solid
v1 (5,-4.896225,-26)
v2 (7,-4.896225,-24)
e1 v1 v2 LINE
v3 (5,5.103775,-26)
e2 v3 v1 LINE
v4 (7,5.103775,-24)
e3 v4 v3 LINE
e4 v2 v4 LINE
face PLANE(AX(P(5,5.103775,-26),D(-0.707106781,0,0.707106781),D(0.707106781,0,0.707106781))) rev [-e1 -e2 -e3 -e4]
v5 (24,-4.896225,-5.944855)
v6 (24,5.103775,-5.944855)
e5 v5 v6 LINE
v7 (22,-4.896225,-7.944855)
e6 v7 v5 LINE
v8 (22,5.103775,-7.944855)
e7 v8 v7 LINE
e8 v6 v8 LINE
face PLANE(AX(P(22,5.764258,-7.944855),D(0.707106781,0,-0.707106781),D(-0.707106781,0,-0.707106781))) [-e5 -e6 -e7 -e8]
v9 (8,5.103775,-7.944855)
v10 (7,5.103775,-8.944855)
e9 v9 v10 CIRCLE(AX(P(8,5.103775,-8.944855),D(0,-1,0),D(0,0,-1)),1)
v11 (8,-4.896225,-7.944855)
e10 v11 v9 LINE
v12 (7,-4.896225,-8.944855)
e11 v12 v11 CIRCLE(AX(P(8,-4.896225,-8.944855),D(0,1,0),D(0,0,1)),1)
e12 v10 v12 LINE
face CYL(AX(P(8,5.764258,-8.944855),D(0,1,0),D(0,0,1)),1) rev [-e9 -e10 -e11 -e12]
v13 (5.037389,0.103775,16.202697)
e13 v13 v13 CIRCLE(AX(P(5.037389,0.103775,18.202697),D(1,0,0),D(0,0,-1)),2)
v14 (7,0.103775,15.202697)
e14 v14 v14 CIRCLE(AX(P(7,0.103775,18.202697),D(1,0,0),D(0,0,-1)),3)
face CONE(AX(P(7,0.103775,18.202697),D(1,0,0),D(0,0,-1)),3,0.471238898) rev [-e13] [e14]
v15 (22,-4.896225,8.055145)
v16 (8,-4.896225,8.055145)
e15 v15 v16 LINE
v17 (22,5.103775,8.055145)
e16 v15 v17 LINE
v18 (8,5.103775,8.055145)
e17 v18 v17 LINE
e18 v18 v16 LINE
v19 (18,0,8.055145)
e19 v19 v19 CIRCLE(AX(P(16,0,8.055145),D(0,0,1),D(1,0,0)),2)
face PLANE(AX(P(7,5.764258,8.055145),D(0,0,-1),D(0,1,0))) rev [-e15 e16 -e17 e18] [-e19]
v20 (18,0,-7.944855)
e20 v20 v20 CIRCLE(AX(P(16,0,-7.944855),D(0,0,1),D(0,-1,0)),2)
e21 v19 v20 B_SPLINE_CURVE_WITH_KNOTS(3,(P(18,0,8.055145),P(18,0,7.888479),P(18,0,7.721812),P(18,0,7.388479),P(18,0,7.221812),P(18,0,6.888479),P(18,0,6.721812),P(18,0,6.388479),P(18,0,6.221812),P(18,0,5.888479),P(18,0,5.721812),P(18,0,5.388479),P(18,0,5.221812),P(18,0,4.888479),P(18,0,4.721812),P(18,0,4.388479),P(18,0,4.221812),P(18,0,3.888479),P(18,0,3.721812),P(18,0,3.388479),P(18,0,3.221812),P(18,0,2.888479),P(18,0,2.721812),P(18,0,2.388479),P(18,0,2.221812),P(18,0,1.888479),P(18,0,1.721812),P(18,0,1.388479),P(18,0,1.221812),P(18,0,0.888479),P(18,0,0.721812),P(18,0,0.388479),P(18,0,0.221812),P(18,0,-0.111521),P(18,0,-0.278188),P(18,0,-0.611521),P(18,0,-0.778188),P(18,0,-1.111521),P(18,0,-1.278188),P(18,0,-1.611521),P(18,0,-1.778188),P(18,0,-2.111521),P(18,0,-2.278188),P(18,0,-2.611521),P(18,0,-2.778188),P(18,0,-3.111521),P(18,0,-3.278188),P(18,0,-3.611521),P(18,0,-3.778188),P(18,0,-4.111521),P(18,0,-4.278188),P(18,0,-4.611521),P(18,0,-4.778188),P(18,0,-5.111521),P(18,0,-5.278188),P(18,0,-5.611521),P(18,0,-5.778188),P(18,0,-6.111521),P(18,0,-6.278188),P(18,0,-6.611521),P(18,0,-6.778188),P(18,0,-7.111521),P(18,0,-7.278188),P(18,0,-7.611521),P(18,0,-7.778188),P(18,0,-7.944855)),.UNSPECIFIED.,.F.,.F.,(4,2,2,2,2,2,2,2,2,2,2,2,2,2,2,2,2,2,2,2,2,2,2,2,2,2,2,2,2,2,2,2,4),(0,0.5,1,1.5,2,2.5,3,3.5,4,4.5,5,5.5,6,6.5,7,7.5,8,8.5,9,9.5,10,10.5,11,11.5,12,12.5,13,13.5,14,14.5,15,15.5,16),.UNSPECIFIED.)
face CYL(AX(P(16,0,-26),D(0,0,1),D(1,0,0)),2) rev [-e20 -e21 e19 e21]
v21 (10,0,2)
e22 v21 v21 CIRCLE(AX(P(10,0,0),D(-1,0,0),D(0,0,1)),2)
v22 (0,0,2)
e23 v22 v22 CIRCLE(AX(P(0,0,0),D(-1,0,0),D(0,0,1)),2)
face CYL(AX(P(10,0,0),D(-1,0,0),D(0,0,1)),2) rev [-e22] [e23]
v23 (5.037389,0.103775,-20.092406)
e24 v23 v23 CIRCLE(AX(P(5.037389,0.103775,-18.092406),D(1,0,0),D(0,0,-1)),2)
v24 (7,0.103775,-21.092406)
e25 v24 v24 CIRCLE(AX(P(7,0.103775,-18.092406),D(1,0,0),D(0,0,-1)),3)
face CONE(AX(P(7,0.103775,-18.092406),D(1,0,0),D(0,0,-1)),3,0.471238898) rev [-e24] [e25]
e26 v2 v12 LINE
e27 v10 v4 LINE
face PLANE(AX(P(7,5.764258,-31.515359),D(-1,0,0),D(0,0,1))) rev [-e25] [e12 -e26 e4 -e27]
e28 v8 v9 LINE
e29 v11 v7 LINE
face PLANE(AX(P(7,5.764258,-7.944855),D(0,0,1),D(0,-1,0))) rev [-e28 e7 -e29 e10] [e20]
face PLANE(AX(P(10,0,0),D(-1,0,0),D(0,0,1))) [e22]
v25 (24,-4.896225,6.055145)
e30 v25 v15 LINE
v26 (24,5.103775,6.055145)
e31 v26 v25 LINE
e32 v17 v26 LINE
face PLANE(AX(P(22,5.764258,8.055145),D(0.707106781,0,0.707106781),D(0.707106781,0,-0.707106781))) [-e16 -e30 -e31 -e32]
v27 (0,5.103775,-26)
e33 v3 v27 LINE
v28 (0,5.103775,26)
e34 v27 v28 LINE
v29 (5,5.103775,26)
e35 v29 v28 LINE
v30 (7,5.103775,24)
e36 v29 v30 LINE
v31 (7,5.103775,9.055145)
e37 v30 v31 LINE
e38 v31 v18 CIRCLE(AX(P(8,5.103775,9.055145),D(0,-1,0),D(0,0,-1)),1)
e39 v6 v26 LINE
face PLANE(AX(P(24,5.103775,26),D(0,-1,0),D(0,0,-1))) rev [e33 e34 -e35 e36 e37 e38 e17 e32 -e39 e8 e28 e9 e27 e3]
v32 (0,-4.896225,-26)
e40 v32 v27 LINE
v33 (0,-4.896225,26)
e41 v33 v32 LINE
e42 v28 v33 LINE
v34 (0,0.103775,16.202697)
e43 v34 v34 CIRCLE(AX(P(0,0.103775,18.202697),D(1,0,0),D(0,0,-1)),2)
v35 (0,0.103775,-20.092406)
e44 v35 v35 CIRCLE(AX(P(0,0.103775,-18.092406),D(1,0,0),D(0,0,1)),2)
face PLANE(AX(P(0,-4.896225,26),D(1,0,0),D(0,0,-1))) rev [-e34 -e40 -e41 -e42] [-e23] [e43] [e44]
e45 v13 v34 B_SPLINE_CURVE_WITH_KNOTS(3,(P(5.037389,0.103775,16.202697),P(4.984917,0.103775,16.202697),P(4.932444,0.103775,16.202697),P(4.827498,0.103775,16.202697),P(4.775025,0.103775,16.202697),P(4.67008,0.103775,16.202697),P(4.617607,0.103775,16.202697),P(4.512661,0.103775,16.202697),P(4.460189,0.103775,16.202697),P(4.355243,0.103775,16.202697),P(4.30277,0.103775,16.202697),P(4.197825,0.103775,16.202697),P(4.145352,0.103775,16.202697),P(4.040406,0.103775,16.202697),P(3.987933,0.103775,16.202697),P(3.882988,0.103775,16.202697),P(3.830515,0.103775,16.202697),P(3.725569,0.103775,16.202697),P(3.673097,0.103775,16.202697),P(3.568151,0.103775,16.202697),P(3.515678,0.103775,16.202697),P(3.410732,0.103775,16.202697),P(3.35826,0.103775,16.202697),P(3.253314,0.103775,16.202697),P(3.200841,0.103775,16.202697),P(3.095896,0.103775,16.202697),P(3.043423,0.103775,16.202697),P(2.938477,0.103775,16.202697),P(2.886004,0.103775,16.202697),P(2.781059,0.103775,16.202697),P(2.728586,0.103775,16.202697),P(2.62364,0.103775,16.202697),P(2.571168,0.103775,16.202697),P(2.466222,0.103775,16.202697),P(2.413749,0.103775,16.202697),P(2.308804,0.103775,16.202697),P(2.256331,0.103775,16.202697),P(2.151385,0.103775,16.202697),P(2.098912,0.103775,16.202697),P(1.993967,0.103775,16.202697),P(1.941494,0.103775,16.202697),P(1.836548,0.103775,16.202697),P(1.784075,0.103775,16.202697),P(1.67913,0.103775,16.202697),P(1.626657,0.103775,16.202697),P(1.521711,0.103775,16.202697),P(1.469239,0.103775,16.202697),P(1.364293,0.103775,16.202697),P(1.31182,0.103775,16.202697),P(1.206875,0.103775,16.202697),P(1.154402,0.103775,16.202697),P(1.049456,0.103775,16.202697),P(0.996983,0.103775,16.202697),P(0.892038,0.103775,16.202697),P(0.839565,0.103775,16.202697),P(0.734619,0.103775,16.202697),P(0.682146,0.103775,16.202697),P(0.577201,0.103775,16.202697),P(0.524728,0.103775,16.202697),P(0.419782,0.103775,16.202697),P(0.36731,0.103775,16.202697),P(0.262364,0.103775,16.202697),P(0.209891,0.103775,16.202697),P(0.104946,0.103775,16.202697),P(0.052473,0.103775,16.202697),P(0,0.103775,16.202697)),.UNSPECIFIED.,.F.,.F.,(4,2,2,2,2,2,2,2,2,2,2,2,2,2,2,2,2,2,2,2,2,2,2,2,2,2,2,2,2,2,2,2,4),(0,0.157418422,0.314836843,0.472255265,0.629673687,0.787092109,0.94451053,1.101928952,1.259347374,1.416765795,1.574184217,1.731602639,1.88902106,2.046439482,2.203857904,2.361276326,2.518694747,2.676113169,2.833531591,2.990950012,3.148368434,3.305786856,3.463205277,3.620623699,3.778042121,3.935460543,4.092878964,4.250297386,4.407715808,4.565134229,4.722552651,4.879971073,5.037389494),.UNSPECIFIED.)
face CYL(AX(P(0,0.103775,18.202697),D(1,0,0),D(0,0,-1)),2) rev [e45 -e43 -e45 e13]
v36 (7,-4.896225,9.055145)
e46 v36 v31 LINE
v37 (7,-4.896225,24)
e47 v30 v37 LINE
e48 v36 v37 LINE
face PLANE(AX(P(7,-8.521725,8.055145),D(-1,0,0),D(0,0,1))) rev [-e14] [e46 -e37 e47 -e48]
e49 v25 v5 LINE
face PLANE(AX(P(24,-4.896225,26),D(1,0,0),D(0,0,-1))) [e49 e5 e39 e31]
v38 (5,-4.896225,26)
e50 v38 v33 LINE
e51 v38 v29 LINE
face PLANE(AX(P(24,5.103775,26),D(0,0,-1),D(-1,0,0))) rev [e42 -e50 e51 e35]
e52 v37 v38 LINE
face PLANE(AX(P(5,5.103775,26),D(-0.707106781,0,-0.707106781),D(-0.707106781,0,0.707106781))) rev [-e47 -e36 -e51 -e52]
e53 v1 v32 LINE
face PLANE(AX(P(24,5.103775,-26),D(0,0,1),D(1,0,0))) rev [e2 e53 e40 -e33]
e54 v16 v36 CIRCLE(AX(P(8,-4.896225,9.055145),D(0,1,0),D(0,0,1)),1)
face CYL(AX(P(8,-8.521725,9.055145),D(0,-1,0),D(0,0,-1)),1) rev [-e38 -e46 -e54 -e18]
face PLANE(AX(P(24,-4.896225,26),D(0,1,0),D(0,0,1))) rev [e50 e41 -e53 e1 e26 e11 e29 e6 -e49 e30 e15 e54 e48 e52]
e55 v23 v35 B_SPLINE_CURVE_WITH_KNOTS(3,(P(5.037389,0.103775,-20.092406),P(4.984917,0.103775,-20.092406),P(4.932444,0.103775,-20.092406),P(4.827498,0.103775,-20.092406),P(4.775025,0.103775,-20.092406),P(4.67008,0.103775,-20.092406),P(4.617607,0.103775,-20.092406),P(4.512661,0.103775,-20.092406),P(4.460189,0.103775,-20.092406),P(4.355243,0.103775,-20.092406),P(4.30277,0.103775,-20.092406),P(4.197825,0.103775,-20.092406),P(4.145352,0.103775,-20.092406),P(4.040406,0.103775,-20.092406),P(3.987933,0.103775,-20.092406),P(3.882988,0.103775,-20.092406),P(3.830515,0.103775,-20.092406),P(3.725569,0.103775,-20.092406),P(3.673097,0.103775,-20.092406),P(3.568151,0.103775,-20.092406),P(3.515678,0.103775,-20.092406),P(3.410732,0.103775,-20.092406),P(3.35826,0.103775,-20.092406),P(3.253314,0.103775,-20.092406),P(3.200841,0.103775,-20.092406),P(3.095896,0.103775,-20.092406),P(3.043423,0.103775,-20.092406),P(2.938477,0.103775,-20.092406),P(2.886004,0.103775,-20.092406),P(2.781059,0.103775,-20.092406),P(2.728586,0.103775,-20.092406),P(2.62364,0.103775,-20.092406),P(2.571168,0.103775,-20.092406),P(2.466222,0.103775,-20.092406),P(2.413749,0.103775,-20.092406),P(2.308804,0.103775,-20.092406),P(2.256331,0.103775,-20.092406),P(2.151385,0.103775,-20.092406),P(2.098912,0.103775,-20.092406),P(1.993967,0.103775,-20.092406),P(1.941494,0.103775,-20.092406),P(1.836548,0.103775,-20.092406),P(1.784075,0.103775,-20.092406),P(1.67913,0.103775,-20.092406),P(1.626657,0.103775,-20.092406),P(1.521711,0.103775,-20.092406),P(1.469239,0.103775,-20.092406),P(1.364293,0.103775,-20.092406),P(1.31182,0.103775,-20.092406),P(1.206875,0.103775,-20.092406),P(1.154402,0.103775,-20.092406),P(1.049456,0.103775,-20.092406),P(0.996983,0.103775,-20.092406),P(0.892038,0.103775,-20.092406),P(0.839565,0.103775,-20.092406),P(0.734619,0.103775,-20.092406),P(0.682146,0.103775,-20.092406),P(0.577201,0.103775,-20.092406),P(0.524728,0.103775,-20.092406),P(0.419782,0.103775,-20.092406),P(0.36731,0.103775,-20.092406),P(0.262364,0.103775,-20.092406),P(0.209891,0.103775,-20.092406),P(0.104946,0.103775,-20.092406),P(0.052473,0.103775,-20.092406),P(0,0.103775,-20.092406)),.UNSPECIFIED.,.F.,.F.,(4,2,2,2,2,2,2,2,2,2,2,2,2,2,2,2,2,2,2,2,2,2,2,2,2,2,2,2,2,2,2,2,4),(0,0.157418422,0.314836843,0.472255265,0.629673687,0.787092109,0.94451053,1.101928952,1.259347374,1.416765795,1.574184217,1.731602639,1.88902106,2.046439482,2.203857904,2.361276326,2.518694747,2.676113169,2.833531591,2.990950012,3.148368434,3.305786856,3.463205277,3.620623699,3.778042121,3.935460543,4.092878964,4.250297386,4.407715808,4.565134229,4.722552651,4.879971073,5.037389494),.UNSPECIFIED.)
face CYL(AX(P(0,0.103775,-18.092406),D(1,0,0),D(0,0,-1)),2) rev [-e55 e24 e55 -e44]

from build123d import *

# Parameters (mm, degrees)
SKETCH_1_W                    = 52
SKETCH_1_H                    = 10
EXTRUDE_1_DEPTH               = 24
SKETCH_2_W                    = 23.570504403
SKETCH_2_H                    = 14.285983016
SKETCH_2_W_2                  = 23.570504402
CUT_EXTRUDE_1_DEPTH           = 17
FILLET_1_R                    = 1
CHAMFER_1_SIZE                = 2
SKETCH_3_R                    = 2
CUT_EXTRUDE_2_DEPTH           = 32.480923073
SKETCH_4_R                    = 2
CUT_EXTRUDE_3_DEPTH           = 42.973818432
SKETCH_5_R                    = 3
CUT_EXTRUDE_4_DEPTH           = 2
CUT_EXTRUDE_4_DRAFT           = -27
CUT_EXTRUDE_4_PROFILE_2_DEPTH = 2
CUT_EXTRUDE_4_PROFILE_2_DRAFT = -27
SKETCH_6_R                    = 2
CUT_EXTRUDE_2_2_DEPTH         = 10


with BuildPart() as part:
    # Эскиз1 → Вытянуть1 (new body)
    with BuildSketch(Plane(origin=(0, 0, 0), x_dir=(0, 0, -1), z_dir=(1, 0, 0))):
        with Locations((0, 0.103774831)):
            Rectangle(SKETCH_1_W, SKETCH_1_H)
    extrude(amount=EXTRUDE_1_DEPTH)

    # Эскиз2 → Вырез-Вытянуть1 (cut)
    with BuildSketch(Plane(origin=(24, 0, 0), x_dir=(0, 0, -1), z_dir=(1, 0, 0))):
        with Locations((-19.840397425, -1.378733322)):
            Rectangle(SKETCH_2_W, SKETCH_2_H)
        with Locations((19.730106978, -1.378733322)):
            Rectangle(SKETCH_2_W_2, SKETCH_2_H)
    extrude(amount=-CUT_EXTRUDE_1_DEPTH, mode=Mode.SUBTRACT)

    # Скругление1
    fillet_1_edges = [part.edges().sort_by_distance(p)[0] for p in [
        (7, 0.103774831, 8.055145223),
        (7, 0.103774831, -7.944854777),
    ]]
    fillet(fillet_1_edges, radius=FILLET_1_R)

    # Фаска1
    chamfer_1_edges = [part.edges().sort_by_distance(p)[0] for p in [
        (24, 0.103774831, 8.055145223),
        (7, 0.103774831, 26),
        (24, 0.103774831, -7.944854777),
        (7, 0.103774831, -26),
    ]]
    chamfer(chamfer_1_edges, length=CHAMFER_1_SIZE)

    # Эскиз3 → Cut-Extrude 2 (cut, through all)
    with BuildSketch(Plane(origin=(7, 0, 0), x_dir=(0, 0, -1), z_dir=(1, 0, 0))):
        with Locations((-18.202696524, 0.103774831)):
            Circle(SKETCH_3_R)
        with Locations((18.092406077, 0.103774831)):
            Circle(SKETCH_3_R)
    extrude(amount=-CUT_EXTRUDE_2_DEPTH, mode=Mode.SUBTRACT)

    # Эскиз4 → Вырез-Вытянуть3 (cut, through all)
    with BuildSketch(Plane.XY.offset(8.055145223)):
        with Locations((16, 0)):
            Circle(SKETCH_4_R)
    extrude(amount=-CUT_EXTRUDE_3_DEPTH, mode=Mode.SUBTRACT)


with BuildPart() as cut_extrude_4_tool:
    # Эскиз5 → Вырез-Вытянуть4 (with draft: the straight prism first)
    with BuildSketch(Plane(origin=(7, 0, 0), x_dir=(0, 0, -1), z_dir=(1, 0, 0))):
        with Locations((-18.202696524, 0.103774831)):
            Circle(SKETCH_5_R)
    extrude(amount=-CUT_EXTRUDE_4_DEPTH)
    # Вырез-Вытянуть4: the draft: its side faces are tilted about the plane it starts from
    cut_extrude_4_sides = [cut_extrude_4_tool.faces().sort_by_distance(p)[0] for p in [
        (6, 0.103774831, 21.202696524),
    ]]
    draft(cut_extrude_4_sides, Plane(origin=(7, 0, 0), x_dir=(0, 0, -1), z_dir=(1, 0, 0)), CUT_EXTRUDE_4_DRAFT)


with BuildPart() as part_1:
    add(part.part)

    # Вырез-Вытянуть4: cut by cut_extrude_4_tool
    add(cut_extrude_4_tool.part, mode=Mode.SUBTRACT)


with BuildPart() as cut_extrude_4_profile_2_tool:
    # Эскиз5 → Вырез-Вытянуть4 profile 2 (with draft: the straight prism first)
    with BuildSketch(Plane(origin=(7, 0, 0), x_dir=(0, 0, -1), z_dir=(1, 0, 0))):
        with Locations((18.092406077, 0.103774831)):
            Circle(SKETCH_5_R)
    extrude(amount=-CUT_EXTRUDE_4_PROFILE_2_DEPTH)
    # Вырез-Вытянуть4 profile 2: the draft: its side faces are tilted about the plane it starts from
    cut_extrude_4_profile_2_sides = [cut_extrude_4_profile_2_tool.faces().sort_by_distance(p)[0] for p in [
        (6, 0.103774831, -15.092406077),
    ]]
    draft(cut_extrude_4_profile_2_sides, Plane(origin=(7, 0, 0), x_dir=(0, 0, -1), z_dir=(1, 0, 0)), CUT_EXTRUDE_4_PROFILE_2_DRAFT)


with BuildPart() as part_2:
    add(part_1.part)

    # Вырез-Вытянуть4 profile 2: cut by cut_extrude_4_profile_2_tool
    add(cut_extrude_4_profile_2_tool.part, mode=Mode.SUBTRACT)

    # Эскиз6 → Cut-Extrude 2 2 (cut)
    with BuildSketch(Plane.ZY):
        Circle(SKETCH_6_R)
    extrude(amount=-CUT_EXTRUDE_2_2_DEPTH, mode=Mode.SUBTRACT)


solid = part_2.part
